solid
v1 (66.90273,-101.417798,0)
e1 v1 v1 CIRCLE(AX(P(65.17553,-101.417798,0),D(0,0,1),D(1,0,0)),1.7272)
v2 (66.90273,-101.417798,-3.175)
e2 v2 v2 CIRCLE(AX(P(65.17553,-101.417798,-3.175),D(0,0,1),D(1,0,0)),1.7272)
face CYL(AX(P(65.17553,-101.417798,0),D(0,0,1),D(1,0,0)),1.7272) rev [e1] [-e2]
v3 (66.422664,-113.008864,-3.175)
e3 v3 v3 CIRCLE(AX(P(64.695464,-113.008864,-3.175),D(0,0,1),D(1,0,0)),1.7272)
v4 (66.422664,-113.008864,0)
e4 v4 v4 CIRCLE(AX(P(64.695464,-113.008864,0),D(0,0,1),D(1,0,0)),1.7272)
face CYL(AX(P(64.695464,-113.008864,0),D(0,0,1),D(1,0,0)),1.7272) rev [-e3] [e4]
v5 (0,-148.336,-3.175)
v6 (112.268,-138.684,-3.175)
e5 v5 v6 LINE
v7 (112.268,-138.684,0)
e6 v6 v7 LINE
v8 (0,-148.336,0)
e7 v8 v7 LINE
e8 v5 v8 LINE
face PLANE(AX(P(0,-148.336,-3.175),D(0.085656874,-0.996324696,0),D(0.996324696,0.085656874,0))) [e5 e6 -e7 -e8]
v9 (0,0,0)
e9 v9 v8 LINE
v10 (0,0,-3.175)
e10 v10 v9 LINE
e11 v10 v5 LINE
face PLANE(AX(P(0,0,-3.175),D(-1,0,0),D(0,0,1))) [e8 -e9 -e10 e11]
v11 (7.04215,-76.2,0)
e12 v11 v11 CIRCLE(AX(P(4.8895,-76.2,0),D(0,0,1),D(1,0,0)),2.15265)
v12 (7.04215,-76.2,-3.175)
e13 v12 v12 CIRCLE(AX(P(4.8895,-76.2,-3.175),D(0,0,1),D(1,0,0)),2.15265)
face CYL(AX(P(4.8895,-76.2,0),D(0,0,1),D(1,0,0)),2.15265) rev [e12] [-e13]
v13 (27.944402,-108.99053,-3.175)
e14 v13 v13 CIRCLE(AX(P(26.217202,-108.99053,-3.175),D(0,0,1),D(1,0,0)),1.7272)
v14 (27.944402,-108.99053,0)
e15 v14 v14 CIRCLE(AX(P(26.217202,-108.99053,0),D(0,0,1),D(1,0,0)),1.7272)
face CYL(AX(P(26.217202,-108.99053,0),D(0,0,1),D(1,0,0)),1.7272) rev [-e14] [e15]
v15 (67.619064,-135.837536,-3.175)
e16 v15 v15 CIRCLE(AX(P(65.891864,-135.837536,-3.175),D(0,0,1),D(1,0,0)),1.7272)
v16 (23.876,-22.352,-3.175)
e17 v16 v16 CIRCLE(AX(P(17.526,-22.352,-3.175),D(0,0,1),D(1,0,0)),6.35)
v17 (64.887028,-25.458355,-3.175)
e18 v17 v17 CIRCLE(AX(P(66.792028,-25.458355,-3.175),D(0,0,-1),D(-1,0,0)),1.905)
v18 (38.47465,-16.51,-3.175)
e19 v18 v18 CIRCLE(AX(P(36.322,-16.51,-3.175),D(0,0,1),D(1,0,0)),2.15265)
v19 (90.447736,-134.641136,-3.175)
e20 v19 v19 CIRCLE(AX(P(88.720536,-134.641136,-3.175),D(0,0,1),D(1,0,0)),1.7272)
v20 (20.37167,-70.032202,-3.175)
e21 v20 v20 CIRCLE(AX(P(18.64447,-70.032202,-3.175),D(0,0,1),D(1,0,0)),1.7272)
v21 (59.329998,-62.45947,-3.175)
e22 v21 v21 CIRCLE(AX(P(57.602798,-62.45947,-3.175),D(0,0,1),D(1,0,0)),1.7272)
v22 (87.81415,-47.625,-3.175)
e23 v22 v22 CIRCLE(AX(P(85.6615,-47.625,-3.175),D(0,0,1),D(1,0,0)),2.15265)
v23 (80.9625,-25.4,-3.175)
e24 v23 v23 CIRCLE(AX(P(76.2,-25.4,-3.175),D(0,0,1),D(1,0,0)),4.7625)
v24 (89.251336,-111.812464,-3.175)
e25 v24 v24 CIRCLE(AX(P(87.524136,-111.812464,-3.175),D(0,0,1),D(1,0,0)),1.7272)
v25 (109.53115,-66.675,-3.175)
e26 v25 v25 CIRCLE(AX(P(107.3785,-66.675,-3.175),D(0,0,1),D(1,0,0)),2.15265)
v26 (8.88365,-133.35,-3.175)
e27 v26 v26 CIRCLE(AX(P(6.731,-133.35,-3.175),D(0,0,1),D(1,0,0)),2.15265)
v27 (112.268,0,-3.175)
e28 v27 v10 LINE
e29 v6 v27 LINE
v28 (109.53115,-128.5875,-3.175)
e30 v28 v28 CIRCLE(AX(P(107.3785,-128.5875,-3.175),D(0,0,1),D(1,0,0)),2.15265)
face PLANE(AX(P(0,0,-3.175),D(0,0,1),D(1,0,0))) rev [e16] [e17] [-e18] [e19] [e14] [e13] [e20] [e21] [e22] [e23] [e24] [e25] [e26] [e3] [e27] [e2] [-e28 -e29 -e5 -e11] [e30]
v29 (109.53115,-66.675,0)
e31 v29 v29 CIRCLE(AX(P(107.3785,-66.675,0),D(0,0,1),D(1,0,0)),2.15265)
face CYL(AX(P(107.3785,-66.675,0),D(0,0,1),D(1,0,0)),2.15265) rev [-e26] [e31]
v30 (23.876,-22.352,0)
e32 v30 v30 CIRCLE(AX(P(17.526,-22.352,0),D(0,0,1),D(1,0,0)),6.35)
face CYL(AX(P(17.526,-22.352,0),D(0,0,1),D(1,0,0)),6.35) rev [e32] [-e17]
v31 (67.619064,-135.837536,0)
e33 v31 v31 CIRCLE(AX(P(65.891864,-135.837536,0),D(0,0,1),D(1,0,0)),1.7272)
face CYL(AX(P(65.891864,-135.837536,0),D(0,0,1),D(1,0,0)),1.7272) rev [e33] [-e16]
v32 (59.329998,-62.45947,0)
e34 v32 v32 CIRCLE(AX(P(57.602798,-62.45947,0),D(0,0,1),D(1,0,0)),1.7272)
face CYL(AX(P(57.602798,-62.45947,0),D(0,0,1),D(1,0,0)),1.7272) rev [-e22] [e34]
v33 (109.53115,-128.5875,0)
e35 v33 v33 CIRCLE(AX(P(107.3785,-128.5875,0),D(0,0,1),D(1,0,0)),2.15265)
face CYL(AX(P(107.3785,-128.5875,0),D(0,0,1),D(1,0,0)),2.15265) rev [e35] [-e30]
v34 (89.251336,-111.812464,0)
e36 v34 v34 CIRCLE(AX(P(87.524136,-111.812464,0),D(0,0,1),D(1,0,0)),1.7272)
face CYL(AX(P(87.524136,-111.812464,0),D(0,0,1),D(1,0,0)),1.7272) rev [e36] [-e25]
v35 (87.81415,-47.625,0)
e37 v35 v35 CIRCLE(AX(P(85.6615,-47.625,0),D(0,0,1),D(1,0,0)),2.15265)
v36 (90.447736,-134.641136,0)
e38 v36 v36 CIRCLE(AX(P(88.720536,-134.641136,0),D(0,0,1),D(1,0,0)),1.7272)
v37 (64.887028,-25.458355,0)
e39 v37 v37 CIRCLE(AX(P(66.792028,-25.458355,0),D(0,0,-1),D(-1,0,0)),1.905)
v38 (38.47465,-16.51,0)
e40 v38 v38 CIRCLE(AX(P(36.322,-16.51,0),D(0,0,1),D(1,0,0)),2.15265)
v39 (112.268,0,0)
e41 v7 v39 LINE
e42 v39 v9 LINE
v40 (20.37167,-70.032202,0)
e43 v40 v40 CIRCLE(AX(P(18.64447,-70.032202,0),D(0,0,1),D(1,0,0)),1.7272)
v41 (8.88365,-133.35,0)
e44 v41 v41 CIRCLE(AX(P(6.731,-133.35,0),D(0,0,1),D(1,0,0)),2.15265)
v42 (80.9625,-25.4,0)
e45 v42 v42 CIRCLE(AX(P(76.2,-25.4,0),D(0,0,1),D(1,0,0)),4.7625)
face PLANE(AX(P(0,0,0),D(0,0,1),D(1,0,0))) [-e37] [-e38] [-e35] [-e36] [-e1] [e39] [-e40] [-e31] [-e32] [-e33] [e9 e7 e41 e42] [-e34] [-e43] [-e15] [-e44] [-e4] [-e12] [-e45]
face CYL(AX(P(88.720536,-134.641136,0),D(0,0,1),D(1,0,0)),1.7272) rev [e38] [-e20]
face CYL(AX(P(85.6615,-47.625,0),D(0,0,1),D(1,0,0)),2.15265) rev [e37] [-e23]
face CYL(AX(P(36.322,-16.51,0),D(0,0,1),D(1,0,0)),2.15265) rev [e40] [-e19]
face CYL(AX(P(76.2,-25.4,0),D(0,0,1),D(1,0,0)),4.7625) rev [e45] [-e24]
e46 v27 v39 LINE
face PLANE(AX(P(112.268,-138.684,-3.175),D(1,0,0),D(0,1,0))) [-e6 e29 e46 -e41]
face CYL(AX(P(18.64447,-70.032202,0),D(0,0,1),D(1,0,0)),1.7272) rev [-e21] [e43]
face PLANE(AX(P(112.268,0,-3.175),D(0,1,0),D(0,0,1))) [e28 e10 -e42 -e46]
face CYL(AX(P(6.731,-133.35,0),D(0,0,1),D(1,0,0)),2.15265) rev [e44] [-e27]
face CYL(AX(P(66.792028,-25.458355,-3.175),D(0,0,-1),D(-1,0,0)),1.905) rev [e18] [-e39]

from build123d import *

# Parameters (mm, degrees)
BOSS_EXTRUDE1_DEPTH               = 3.175
F_6_CLEARANCE_HOLE1_D             = 4.3053
F_4_CLEARANCE_HOLE1_D             = 3.4544
F_6_CLEARANCE_HOLE2_D             = 4.3053
F_3_8_0_375_DIAMETER_HOLE1_D      = 9.525
F_1_2_0_5_DIAMETER_HOLE1_D        = 12.7
OBOGS_ROTARY_ANTI_ROTATION_HOLE_D = 3.81


with BuildPart() as part:
    # Sketch1 → Boss-Extrude1 (new body)
    with BuildSketch(Plane.XY):
        Polygon((112.268, 0), (0, 0), (0, -148.336), (112.268, -138.684), align=None)
    extrude(amount=-BOSS_EXTRUDE1_DEPTH)

    # #6 Clearance Hole1 (through all)
    with Locations(Plane.XY):
        with Locations((6.731, -133.35), (107.3785, -128.5875), (107.3785, -66.675), (4.8895, -76.2)):
            Hole(F_6_CLEARANCE_HOLE1_D / 2)

    # #4 Clearance Hole1 (through all)
    with Locations(Plane.XY):
        with Locations((18.644469576, -70.03220158), (57.60279842, -62.459469576), (65.175530424, -101.41779842), (26.21720158, -108.990530424), (65.891864398, -135.837535562), (88.720535562, -134.641135602), (87.524135602, -111.812464438), (64.695464438, -113.008864398)):
            Hole(F_4_CLEARANCE_HOLE1_D / 2)

    # #6 Clearance Hole2 (through all)
    with Locations(Plane.XY):
        with Locations((36.322, -16.51), (85.6615, -47.625)):
            Hole(F_6_CLEARANCE_HOLE2_D / 2)

    # 3/8 (0.375) Diameter Hole1 (through all)
    with Locations(Plane.XY):
        with Locations((76.2, -25.4)):
            Hole(F_3_8_0_375_DIAMETER_HOLE1_D / 2)

    # 1/2 (0.5) Diameter Hole1 (through all)
    with Locations(Plane.XY):
        with Locations((17.526, -22.352)):
            Hole(F_1_2_0_5_DIAMETER_HOLE1_D / 2)

    # OBOGS Rotary Anti Rotation Hole (through all)
    with Locations(Plane(origin=(0, 0, -3.175), x_dir=(-1, 0, 0), z_dir=(0, 0, -1))):
        with Locations((-66.792027829, -25.458354734)):
            Hole(OBOGS_ROTARY_ANTI_ROTATION_HOLE_D / 2)


solid = part.part
